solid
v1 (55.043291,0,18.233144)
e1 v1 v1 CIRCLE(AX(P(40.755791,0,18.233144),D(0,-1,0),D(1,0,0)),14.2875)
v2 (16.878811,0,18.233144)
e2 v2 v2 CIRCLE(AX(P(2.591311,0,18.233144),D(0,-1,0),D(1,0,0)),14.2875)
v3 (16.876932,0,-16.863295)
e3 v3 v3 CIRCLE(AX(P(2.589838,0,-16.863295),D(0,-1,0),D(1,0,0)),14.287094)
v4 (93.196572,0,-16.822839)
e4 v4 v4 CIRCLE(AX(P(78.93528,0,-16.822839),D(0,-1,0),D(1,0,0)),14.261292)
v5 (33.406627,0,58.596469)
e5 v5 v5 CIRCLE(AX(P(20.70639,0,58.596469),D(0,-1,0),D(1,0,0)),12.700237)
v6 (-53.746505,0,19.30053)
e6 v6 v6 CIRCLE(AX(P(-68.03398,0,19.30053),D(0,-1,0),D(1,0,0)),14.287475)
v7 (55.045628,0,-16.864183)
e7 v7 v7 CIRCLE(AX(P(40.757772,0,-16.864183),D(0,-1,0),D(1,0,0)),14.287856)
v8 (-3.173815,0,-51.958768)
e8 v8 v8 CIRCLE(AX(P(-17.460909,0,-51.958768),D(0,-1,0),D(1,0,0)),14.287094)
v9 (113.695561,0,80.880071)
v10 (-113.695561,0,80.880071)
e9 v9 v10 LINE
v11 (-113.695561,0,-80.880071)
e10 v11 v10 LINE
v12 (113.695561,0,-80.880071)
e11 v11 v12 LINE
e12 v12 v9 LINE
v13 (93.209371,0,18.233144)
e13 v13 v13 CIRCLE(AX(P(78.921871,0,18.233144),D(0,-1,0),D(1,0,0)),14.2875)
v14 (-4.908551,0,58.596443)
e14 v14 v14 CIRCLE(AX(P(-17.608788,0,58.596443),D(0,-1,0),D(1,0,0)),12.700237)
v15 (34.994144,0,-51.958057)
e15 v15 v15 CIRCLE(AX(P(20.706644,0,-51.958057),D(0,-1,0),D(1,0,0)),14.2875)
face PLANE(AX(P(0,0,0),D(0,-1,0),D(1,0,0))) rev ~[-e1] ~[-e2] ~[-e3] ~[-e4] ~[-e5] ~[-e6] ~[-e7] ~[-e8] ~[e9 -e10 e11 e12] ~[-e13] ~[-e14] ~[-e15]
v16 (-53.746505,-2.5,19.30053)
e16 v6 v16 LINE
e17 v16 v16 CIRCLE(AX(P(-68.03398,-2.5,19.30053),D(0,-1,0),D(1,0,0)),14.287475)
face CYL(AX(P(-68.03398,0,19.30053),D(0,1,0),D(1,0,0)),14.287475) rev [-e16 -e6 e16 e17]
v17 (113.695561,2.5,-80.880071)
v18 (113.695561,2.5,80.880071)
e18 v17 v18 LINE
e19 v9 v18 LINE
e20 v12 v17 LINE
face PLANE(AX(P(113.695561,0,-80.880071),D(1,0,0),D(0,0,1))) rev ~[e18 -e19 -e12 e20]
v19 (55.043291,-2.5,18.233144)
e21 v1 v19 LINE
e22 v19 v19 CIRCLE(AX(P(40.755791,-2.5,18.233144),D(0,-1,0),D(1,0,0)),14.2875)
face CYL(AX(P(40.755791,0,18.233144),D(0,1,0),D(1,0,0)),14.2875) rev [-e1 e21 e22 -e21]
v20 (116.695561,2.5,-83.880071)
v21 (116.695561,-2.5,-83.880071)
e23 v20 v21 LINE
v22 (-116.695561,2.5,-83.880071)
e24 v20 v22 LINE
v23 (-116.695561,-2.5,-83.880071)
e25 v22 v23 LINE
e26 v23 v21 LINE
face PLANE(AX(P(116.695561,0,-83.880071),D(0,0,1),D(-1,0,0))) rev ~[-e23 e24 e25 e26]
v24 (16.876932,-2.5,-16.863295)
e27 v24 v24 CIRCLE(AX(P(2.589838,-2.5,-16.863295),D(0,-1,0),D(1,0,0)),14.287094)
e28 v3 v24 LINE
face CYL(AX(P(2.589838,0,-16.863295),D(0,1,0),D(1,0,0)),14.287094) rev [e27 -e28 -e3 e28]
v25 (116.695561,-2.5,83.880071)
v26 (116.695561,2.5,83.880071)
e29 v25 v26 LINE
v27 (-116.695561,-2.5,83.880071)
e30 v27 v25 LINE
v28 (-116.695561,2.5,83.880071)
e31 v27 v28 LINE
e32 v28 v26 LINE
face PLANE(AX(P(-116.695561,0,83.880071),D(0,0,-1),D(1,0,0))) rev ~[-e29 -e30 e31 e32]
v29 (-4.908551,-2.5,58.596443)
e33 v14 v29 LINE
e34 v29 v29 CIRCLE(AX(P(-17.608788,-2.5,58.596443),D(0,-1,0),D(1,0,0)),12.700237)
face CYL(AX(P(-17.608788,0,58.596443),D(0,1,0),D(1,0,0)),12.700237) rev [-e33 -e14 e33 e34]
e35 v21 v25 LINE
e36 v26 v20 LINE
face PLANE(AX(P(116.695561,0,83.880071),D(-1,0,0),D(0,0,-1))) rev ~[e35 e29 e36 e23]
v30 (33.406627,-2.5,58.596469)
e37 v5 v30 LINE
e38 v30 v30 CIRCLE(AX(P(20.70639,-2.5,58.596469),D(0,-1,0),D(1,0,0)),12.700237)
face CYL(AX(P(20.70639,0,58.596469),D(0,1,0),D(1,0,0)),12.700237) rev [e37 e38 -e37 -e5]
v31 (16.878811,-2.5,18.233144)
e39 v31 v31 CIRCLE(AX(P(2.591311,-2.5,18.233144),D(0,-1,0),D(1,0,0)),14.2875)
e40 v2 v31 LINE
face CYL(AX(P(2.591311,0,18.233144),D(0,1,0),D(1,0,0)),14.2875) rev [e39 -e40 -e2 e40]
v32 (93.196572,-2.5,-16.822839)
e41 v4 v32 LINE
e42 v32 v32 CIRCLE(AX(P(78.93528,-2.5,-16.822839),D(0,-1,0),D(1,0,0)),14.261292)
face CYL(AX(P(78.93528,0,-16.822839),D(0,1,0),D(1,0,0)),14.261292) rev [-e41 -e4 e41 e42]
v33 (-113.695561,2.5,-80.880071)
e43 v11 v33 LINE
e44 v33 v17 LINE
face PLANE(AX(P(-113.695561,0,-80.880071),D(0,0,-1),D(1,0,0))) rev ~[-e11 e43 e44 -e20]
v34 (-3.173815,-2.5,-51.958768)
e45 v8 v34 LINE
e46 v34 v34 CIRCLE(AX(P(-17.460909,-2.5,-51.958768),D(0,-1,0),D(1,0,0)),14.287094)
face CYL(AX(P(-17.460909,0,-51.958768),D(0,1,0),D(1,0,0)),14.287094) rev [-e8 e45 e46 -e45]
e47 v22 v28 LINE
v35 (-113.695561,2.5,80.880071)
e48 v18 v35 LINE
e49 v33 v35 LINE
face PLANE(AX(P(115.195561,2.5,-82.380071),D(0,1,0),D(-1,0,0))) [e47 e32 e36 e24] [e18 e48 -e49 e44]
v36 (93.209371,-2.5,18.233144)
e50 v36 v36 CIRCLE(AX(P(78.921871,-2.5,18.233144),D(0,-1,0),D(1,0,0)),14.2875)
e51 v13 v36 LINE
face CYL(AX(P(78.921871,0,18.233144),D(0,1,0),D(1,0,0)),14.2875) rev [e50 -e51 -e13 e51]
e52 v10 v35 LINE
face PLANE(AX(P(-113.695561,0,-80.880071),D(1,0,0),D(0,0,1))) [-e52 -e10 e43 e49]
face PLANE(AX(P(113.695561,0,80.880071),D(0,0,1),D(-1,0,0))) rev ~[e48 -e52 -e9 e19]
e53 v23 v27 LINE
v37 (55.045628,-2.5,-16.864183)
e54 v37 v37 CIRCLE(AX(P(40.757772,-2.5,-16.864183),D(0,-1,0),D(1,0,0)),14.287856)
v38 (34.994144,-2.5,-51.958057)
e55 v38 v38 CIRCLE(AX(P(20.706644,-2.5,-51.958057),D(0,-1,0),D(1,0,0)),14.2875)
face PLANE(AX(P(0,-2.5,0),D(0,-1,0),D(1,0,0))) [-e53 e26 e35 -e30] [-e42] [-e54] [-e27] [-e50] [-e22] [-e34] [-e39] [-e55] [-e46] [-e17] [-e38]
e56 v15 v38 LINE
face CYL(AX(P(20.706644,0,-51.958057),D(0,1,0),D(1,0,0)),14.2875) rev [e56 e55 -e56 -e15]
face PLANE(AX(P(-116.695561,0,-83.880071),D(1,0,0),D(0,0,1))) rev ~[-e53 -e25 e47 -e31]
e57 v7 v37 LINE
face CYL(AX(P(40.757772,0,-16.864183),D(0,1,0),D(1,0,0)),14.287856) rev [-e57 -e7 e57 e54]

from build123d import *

# Parameters (mm, degrees)
F0_W     = 233.391122
F0_H     = 167.760142
F0_R     = 14.287094
F0_R_2   = 14.2875
F0_R_3   = 14.287856
F0_R_4   = 14.261292
F0_R_5   = 14.287475
F0_R_6   = 12.700237
F1_DEPTH = 2.5
F2_W     = 3
F2_H     = 3
F2_W_2   = 227.391122
F2_H_2   = 161.760142
F3_DEPTH = 2.5


with BuildPart() as f1:
    # F0 (on Front) → F1 (new body)
    with BuildSketch(Plane.XZ):
        Rectangle(F0_W, F0_H)
        with Locations((-17.460909, -51.958768)):
            Circle(F0_R, mode=Mode.SUBTRACT)
        with Locations((20.706644, -51.958057)):
            Circle(F0_R_2, mode=Mode.SUBTRACT)
        with Locations((2.589838, -16.863295)):
            Circle(F0_R, mode=Mode.SUBTRACT)
        with Locations((40.757772, -16.864183)):
            Circle(F0_R_3, mode=Mode.SUBTRACT)
        with Locations((78.93528, -16.822839)):
            Circle(F0_R_4, mode=Mode.SUBTRACT)
        with Locations((-68.03398, 19.30053)):
            Circle(F0_R_5, mode=Mode.SUBTRACT)
        with Locations((-17.608788, 58.596443)):
            Circle(F0_R_6, mode=Mode.SUBTRACT)
        with Locations((2.591311, 18.233144)):
            Circle(F0_R_2, mode=Mode.SUBTRACT)
        with Locations((40.755791, 18.233144)):
            Circle(F0_R_2, mode=Mode.SUBTRACT)
        with Locations((78.921871, 18.233144)):
            Circle(F0_R_2, mode=Mode.SUBTRACT)
        with Locations((20.70639, 58.596469)):
            Circle(F0_R_6, mode=Mode.SUBTRACT)
    extrude(amount=F1_DEPTH)

    # F2 (on face) → F3 (join)
    with BuildSketch(Plane(origin=(0, 0, 0), x_dir=(-1, 0, 0), z_dir=(0, 1, 0))):
        with Locations((-115.195561, -82.380071)):
            Rectangle(F2_W, F2_H)
        with Locations((0, -82.380071)):
            Rectangle(F2_W_2, F2_H)
        with Locations((-115.195561, 0)):
            Rectangle(F2_W, F2_H_2)
        with Locations((115.195561, -82.380071)):
            Rectangle(F2_W, F2_H)
        with Locations((-115.195561, 82.380071)):
            Rectangle(F2_W, F2_H)
        with Locations((115.195561, 0)):
            Rectangle(F2_W, F2_H_2)
        with Locations((0, 82.380071)):
            Rectangle(F2_W_2, F2_H)
        with Locations((115.195561, 82.380071)):
            Rectangle(F2_W, F2_H)
    extrude(amount=F3_DEPTH)


solid = f1.part
